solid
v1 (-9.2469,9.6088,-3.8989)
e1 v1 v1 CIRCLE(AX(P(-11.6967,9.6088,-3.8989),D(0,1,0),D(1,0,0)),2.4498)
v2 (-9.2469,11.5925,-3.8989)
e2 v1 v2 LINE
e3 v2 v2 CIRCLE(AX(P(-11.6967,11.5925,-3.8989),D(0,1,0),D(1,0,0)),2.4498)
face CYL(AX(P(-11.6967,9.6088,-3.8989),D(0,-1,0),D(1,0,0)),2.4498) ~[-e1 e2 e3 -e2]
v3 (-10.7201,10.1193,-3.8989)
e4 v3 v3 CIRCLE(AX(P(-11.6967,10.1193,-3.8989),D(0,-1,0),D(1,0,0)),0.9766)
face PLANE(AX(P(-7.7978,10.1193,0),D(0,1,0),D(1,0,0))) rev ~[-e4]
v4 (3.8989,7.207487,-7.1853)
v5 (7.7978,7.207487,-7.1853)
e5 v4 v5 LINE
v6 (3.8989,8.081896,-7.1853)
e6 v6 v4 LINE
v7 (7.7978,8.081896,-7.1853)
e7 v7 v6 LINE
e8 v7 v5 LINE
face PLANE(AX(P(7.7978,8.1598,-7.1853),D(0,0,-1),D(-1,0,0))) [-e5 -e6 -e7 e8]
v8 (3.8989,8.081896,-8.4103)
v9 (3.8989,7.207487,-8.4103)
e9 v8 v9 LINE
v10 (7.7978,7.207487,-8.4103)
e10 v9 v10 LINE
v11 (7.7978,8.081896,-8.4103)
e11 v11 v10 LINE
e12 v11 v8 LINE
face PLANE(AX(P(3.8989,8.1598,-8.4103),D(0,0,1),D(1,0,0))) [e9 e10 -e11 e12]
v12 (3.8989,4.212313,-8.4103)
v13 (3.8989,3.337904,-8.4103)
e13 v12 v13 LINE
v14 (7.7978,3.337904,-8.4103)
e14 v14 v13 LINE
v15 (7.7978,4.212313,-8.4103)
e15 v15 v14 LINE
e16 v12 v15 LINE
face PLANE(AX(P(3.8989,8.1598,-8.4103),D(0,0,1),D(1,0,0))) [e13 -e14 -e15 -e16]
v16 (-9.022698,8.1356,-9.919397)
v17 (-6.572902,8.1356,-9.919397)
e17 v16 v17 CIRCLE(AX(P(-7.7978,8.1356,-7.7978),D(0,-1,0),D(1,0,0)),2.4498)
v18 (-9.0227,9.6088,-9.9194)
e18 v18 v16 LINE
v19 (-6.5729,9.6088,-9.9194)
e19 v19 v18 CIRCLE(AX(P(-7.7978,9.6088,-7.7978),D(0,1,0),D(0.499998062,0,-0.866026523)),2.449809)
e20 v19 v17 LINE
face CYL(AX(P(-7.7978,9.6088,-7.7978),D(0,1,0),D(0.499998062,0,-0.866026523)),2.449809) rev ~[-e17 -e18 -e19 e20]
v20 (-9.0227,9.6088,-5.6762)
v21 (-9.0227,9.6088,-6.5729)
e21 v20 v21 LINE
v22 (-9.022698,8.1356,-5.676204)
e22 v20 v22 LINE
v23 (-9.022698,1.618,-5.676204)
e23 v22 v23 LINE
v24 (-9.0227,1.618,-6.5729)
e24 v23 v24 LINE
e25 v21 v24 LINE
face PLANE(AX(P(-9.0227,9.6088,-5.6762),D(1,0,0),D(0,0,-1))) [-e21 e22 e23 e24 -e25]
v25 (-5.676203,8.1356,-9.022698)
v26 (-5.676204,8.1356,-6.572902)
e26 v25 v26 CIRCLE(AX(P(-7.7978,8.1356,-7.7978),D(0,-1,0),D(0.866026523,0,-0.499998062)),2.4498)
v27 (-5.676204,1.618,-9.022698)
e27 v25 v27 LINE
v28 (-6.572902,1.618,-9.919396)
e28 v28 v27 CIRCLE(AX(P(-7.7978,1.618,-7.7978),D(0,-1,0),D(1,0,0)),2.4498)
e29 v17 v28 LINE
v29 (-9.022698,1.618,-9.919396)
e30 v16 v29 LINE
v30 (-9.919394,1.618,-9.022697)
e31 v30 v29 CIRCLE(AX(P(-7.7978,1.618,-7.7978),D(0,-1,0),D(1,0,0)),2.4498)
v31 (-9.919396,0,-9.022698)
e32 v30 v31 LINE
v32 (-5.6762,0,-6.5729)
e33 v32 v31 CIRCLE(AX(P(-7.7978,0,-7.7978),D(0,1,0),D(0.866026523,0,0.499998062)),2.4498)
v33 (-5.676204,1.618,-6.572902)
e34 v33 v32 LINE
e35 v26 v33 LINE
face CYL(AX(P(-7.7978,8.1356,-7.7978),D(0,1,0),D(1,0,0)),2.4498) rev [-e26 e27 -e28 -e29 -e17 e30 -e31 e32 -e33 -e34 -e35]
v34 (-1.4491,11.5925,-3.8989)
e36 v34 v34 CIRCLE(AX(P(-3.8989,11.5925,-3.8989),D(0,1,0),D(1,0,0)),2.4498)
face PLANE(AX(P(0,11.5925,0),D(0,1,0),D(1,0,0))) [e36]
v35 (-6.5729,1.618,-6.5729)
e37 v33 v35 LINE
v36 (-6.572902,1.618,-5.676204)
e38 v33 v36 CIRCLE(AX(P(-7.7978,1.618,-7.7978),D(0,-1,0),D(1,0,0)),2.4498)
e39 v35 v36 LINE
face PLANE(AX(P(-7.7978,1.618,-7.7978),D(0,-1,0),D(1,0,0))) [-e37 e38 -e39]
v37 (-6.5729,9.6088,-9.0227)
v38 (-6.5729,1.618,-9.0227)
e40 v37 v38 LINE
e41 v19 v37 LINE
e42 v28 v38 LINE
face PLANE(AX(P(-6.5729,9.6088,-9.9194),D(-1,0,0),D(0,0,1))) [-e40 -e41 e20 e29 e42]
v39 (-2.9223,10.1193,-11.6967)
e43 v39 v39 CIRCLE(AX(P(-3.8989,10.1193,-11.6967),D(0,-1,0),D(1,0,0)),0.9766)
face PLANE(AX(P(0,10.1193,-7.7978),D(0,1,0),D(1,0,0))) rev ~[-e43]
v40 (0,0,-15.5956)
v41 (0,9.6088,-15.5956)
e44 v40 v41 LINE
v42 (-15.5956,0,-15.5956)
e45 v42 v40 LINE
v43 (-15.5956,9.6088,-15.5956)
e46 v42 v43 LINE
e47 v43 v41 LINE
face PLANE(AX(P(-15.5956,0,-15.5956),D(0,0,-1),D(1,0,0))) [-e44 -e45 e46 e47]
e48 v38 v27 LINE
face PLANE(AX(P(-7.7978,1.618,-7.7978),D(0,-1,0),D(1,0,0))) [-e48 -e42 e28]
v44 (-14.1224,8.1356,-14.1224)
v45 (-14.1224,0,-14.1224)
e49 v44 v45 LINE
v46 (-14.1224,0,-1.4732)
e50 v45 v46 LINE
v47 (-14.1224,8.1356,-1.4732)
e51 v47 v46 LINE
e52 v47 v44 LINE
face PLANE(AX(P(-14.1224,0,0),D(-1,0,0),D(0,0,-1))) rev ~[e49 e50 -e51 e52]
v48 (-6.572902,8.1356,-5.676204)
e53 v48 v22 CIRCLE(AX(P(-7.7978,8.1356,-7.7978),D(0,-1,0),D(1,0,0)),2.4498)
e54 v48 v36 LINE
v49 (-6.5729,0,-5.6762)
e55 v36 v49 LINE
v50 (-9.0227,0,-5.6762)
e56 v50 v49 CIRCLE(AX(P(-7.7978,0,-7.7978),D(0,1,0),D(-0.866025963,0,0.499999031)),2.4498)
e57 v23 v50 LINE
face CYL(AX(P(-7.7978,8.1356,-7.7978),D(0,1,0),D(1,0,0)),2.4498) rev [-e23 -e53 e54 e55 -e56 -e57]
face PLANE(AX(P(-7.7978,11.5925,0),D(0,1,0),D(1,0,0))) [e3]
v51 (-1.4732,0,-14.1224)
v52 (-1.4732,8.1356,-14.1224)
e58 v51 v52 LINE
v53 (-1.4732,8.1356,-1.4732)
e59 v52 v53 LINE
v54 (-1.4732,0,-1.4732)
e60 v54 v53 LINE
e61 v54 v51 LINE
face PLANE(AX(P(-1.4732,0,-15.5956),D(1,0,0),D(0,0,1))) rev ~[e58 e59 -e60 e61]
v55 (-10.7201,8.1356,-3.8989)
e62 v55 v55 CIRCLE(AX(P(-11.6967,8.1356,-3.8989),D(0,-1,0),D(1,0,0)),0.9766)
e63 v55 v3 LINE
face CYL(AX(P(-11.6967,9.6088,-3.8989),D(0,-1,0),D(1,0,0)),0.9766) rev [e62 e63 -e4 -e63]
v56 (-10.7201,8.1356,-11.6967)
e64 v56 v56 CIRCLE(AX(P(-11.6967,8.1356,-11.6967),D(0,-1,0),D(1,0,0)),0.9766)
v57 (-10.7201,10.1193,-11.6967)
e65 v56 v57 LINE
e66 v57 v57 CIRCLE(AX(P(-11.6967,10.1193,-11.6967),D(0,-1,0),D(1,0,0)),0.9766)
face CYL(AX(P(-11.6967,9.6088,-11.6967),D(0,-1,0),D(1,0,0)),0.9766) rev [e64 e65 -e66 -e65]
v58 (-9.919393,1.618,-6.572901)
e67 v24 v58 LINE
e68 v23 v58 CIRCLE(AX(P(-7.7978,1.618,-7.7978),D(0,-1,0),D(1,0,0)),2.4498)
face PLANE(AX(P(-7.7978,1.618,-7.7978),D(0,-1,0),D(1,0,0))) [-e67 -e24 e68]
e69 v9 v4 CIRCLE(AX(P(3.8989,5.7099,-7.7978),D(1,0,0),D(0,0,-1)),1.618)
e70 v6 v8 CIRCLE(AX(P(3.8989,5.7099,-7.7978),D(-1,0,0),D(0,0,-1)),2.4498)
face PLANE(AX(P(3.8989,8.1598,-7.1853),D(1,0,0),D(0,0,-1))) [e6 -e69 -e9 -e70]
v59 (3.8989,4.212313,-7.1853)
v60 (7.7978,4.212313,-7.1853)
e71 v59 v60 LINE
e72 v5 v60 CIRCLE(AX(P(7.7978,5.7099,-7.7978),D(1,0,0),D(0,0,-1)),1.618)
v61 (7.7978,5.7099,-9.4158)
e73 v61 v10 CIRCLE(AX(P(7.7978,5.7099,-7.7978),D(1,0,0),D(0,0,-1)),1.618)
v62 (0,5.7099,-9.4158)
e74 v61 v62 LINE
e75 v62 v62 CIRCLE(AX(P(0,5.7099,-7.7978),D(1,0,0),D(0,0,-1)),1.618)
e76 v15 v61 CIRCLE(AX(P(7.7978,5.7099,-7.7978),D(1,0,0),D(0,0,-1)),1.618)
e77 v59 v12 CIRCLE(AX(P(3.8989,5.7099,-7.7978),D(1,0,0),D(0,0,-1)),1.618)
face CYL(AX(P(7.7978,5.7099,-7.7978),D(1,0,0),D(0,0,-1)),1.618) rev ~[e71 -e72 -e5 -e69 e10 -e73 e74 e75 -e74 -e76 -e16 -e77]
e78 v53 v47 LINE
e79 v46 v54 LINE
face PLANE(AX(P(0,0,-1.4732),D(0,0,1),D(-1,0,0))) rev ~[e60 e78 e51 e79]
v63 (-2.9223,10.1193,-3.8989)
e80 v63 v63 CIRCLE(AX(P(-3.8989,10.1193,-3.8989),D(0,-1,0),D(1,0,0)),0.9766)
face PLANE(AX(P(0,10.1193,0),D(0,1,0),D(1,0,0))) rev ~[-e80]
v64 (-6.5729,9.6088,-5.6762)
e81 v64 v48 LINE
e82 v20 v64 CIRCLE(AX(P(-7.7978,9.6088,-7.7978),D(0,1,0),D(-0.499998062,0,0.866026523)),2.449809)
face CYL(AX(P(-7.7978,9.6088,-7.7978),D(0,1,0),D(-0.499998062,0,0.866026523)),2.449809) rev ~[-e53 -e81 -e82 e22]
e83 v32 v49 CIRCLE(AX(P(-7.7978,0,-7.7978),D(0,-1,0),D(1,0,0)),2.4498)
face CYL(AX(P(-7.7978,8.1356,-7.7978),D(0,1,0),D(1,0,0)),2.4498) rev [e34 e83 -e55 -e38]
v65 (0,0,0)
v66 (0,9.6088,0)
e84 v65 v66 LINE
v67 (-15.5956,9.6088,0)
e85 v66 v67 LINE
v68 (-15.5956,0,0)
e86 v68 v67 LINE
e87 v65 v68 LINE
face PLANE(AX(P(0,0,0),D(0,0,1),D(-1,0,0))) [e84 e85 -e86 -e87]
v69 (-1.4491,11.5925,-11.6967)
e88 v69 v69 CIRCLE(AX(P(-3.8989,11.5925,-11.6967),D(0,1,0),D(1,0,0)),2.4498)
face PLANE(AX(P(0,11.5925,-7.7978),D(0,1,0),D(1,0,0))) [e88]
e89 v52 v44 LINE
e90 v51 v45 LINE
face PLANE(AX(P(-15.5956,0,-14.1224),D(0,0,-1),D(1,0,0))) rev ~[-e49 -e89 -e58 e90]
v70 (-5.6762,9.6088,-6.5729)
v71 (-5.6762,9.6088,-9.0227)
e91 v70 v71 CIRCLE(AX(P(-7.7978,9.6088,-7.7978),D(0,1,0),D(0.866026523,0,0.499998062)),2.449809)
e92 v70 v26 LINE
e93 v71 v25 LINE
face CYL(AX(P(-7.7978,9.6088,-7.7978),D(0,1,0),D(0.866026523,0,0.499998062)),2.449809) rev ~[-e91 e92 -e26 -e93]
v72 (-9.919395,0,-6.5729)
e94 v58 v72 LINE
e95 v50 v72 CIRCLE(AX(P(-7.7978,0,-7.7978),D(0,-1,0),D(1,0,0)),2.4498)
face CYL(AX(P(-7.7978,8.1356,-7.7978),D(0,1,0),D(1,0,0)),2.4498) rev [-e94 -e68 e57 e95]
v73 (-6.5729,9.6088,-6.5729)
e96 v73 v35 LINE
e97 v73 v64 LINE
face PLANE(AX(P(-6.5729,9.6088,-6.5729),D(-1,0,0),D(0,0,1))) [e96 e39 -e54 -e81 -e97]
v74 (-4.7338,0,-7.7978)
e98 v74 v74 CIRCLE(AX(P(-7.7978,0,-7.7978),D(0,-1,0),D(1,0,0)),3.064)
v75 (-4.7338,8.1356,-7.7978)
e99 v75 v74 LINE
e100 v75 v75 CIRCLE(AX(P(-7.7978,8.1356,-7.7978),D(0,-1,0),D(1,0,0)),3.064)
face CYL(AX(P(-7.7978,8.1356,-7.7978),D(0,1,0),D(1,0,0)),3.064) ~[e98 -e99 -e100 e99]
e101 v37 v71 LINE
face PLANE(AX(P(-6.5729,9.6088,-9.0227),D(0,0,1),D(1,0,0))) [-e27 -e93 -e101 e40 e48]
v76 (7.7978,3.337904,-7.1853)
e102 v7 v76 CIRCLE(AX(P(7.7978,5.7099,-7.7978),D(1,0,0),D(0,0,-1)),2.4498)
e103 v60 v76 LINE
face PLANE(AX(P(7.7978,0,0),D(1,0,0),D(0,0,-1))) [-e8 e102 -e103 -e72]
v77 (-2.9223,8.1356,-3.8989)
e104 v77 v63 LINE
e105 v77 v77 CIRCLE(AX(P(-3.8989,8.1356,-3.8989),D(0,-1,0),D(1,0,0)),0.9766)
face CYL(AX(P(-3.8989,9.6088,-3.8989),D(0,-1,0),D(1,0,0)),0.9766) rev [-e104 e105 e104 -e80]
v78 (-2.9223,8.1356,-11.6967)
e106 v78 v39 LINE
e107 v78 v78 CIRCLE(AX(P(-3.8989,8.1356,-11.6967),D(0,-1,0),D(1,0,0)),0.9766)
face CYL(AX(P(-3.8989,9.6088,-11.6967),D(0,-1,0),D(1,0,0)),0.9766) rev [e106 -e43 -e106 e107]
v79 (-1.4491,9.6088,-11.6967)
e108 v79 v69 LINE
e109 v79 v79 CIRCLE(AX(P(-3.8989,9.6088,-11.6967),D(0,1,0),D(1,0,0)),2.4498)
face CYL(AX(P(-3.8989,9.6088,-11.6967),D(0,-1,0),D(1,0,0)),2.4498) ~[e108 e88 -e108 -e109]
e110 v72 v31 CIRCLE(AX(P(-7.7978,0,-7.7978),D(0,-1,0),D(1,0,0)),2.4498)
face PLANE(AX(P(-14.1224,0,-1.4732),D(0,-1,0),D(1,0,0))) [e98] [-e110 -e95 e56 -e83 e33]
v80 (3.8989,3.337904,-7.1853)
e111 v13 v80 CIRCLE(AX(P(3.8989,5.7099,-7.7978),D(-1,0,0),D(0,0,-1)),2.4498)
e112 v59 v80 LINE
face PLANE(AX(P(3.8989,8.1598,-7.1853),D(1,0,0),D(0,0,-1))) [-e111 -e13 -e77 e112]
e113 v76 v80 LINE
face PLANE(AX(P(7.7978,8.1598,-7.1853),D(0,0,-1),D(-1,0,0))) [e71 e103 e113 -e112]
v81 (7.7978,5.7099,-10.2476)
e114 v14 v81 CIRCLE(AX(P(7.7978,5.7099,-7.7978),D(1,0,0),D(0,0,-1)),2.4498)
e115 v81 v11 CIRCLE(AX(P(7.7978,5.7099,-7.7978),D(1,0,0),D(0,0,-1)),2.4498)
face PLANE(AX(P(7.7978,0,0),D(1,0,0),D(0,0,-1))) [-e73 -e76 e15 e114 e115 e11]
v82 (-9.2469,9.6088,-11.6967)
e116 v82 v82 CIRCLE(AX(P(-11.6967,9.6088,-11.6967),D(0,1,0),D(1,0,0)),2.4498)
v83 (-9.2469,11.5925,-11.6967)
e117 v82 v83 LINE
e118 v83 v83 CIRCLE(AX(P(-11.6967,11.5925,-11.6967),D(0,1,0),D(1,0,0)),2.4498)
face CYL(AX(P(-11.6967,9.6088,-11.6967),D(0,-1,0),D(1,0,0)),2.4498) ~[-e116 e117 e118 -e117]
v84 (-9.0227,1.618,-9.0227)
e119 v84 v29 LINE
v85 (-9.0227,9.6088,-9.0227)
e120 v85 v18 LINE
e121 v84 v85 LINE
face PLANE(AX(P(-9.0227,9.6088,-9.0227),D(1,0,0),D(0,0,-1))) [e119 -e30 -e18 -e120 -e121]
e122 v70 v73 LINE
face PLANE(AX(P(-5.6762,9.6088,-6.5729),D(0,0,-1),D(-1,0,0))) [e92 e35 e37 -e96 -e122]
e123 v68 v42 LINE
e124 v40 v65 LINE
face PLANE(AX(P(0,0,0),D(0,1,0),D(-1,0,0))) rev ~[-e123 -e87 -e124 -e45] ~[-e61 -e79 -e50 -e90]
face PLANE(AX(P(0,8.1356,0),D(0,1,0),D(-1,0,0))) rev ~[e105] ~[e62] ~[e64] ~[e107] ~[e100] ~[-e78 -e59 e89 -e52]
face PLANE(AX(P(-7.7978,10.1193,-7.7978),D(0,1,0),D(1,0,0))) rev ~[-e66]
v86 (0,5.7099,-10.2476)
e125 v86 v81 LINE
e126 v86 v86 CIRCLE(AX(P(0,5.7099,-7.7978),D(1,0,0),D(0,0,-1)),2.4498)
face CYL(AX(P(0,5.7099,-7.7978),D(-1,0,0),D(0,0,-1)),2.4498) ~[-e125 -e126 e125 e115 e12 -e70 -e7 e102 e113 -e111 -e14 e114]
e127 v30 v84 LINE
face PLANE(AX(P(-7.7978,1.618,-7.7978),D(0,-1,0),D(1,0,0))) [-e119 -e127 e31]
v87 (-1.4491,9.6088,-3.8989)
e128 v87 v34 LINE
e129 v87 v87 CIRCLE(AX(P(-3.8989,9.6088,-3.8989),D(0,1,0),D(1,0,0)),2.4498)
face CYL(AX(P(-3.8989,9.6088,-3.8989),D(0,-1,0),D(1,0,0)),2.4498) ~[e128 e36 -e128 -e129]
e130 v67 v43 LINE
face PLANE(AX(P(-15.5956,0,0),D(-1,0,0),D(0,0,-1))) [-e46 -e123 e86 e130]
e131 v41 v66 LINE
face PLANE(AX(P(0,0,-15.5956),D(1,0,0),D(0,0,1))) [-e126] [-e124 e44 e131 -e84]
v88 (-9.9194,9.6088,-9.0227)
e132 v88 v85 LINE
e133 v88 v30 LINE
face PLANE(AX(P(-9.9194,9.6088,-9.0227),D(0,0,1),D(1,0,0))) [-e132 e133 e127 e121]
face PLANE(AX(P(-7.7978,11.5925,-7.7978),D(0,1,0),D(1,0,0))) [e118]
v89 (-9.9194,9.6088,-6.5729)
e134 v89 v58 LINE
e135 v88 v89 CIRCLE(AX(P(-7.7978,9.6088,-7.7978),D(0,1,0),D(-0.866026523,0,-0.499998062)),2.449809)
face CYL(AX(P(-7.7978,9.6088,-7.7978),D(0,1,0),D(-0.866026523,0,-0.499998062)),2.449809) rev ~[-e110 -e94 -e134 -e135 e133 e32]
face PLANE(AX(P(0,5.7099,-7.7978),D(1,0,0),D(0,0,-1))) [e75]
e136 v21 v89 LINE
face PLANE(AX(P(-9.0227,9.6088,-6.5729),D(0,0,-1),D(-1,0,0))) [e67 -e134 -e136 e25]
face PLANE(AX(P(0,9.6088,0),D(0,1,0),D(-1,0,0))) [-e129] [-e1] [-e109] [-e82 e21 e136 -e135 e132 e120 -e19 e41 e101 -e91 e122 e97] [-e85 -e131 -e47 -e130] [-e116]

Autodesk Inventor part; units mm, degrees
ref_plane "YZ Plane" through (0, 0, 0) normal (1, 0, 0) x (0, 1, 0)
ref_plane "XZ Plane" through (0, 0, 0) normal (0, 1, 0) x (-1, 0, 0)
sketch "Sketch1" plane through (0, 0, 0) normal (0, 1, 0) x (-1, 0, 0)
  line L0 (0, 0) -> (15.5956, 0)
  line L1 (15.5956, 0) -> (15.5956, -15.5956)
  line L2 (15.5956, -15.5956) -> (0, -15.5956)
  line L3 (0, -15.5956) -> (0, 0)
  dimension "d0" = 15.5956
  dimension "d8" = 15.5956
extrude "Extrusion1" add sketch "Sketch1" along normal blind 9.6088
sketch "Sketch2" plane through (0, 9.6088, 0) normal (0, 1, 0) x (1, 0, 0)
  line L0 (0, 0) -> (-3.8989, 0) construction
  line L1 (-3.8989, 0) -> (-3.8989, 3.8989) construction
  line L2 (-3.8989, 3.8989) -> (0, 3.8989) construction
  line L3 (0, 3.8989) -> (0, 0) construction
  circle A0 centre (-3.8989, 3.8989) radius 2.4498
  dimension "d11" = 3.8989
  dimension "d12" = 3.8989
  dimension "d13" = 4.8997
extrude "Extrusion2" add sketch "Sketch2" along normal blind 1.9837
pattern_linear "Rectangular Pattern1" count 2 spacing 7.7978 along (0, 0, -1) count 2 spacing 7.7978 along (-1, 0, 0) of "Extrusion2"
shell "Shell1" thickness 1.4732 removed faces 1 at (-5.1985, 0, -5.1985)
sketch "Sketch3" plane through (-14.1224, 8.1356, -1.4732) normal (0, -1, 0) x (1, 0, 0)
  circle A0 centre (2.4257, -2.4257) radius 2.4498 construction
  circle A1 centre (10.2235, -10.2235) radius 2.4498 construction
  line L0 (2.4257, -2.4257) -> (10.2235, -10.2235) construction
  circle A2 centre (6.3246, -6.3246) radius 3.064
  circle A3 centre (6.3246, -6.3246) radius 2.4498
  point P0 (14.1224, 1.4732)
  dimension "d23" = 4.8997
extrude "Extrusion3" add sketch "Sketch3" along normal up to surface (8.1356 mm away)
sketch "Sketch4" plane through (0, 9.6088, 0) normal (0, 1, 0) x (1, 0, 0)
  circle A0 centre (-7.7978, 7.7978) radius 2.4498 construction
  circle A1 centre (-7.7978, 7.7978) radius 2.4498 construction
  line L0 (-9.0227, 5.6762) -> (-6.5729, 5.6762) construction
  line L1 (-6.5729, 5.6762) -> (-6.5729, 9.9194) construction
  line L2 (-6.5729, 9.9194) -> (-9.0227, 9.9194) construction
  line L3 (-9.0227, 9.9194) -> (-9.0227, 5.6762) construction
  line L4 (-9.0227, 5.6762) -> (-6.5729, 9.9194) construction
  line L5 (-6.5729, 5.6762) -> (-9.0227, 9.9194) construction
  line L6 (-9.9194, 9.0227) -> (-5.6762, 9.0227) construction
  line L7 (-5.6762, 9.0227) -> (-5.6762, 6.5729) construction
  line L8 (-5.6762, 6.5729) -> (-9.9194, 6.5729) construction
  line L9 (-9.9194, 6.5729) -> (-9.9194, 9.0227) construction
  line L10 (-9.9194, 9.0227) -> (-5.6762, 6.5729) construction
  line L11 (-5.6762, 9.0227) -> (-9.9194, 6.5729) construction
  line L12 (-9.0227, 9.0227) -> (-9.0227, 9.9194)
  line L13 (-6.5729, 9.9194) -> (-6.5729, 9.0227)
  line L14 (-6.5729, 9.0227) -> (-5.6762, 9.0227)
  line L15 (-5.6762, 6.5729) -> (-6.5729, 6.5729)
  line L16 (-6.5729, 6.5729) -> (-6.5729, 5.6762)
  line L17 (-9.0227, 5.6762) -> (-9.0227, 6.5729)
  line L18 (-9.0227, 6.5729) -> (-9.9194, 6.5729)
  line L19 (-9.9194, 9.0227) -> (-9.0227, 9.0227)
  arc A2 (-9.9194, 9.0227) -> (-9.9194, 6.5729) centre (-7.7978, 7.7978) ccw
  arc A3 (-6.5729, 9.9194) -> (-9.0227, 9.9194) centre (-7.7978, 7.7978) ccw
  arc A4 (-5.6762, 6.5729) -> (-5.6762, 9.0227) centre (-7.7978, 7.7978) ccw
  arc A5 (-9.0227, 5.6762) -> (-6.5729, 5.6762) centre (-7.7978, 7.7978) ccw
  point P0 (0, 0)
  dimension "d26" = 2.4498
  dimension "d27" = 2.4498
extrude "Extrusion4" cut sketch "Sketch4" against normal through all
sketch "Sketch5" plane through (0, 0, 0) normal (1, 0, 0) x (0, 0, -1)
  line L0 (0, 9.6088) -> (7.7978, 9.6088) construction
  line L1 (7.7978, 9.6088) -> (7.7978, 5.7099) construction
  line L2 (7.7978, 5.7099) -> (0, 5.7099) construction
  line L3 (0, 5.7099) -> (0, 9.6088) construction
  circle A0 centre (7.7978, 5.7099) radius 2.4498
  point P0 (0, 0)
  dimension "d30" = 7.7978
  dimension "d31" = 3.8989
  dimension "d32" = 4.8997
extrude "Extrusion5" add sketch "Sketch5" along normal blind 7.7978
sketch "Sketch6" plane through (7.7978, 5.7099, -7.7978) normal (1, 0, 0) x (0, 0, -1)
  circle A0 centre (0, 0) radius 2.4498 construction
  circle A1 centre (0, 0) radius 1.618
  point P0 (-7.7978, -5.7099)
  dimension "d35" = 3.236
extrude "Extrusion6" cut sketch "Sketch6" against normal blind 7.7978
sketch "Sketch7" plane through (-6.5729, 8.1356, -9.0227) normal (0, -1, 0) x (1, 0, 0)
  line L0 (-2.4498, 2.4498) -> (-2.4498, 3.3465) construction
  arc A0 (-2.4498, 3.3465) -> (-3.3465, 2.4498) centre (-1.2249, 1.2249) ccw construction
  line L1 (-3.3465, 2.4498) -> (-2.4498, 2.4498) construction
  line L2 (0, 2.4498) -> (0.8967, 2.4498) construction
  arc A1 (0.8967, 2.4498) -> (0, 3.3465) centre (-1.2249, 1.2249) ccw construction
  line L3 (0, 3.3465) -> (0, 2.4498) construction
  line L4 (0.8967, 0) -> (0, 0) construction
  line L5 (0, 0) -> (0, -0.8967) construction
  arc A2 (0, -0.8967) -> (0.8967, 0) centre (-1.2249, 1.2249) ccw construction
  line L6 (-2.4498, -0.8967) -> (-2.4498, 0) construction
  line L7 (-2.4498, 0) -> (-3.3465, 0) construction
  arc A3 (-3.3465, 0) -> (-2.4498, -0.8967) centre (-1.2249, 1.2249) ccw construction
  arc A4 (-2.4498, 3.3465) -> (-3.3465, 2.4498) centre (-1.2249, 1.2249) ccw
  arc A5 (0.8967, 0) -> (0.8967, 2.4498) centre (-1.2249, 1.2249) ccw projected
  arc A6 (0.8967, 2.4498) -> (0, 3.3465) centre (-1.2249, 1.2249) ccw
  arc A7 (-2.4498, -0.8967) -> (0, -0.8967) centre (-1.2249, 1.2249) ccw projected
  arc A8 (0, -0.8967) -> (0.8967, 0) centre (-1.2249, 1.2249) ccw
  arc A9 (-3.3465, 0) -> (-2.4498, -0.8967) centre (-1.2249, 1.2249) ccw
  line L8 (-2.4498, 3.3465) -> (-2.4498, 2.4498)
  line L9 (-2.4498, 2.4498) -> (-3.3465, 2.4498) projected
  line L10 (-2.4498, 2.4498) -> (-3.3465, 2.4498)
  line L11 (0, 2.4498) -> (0, 3.3465) projected
  line L12 (0, 3.3465) -> (0, 2.4498)
  line L13 (0, 2.4498) -> (0.8967, 2.4498)
  line L14 (0, 0) -> (0.8967, 0) projected
  line L15 (0.8967, 0) -> (0, 0)
  line L16 (0, 0) -> (0, -0.8967)
  line L17 (-2.4498, 0) -> (-2.4498, -0.8967) projected
  line L18 (-2.4498, -0.8967) -> (-2.4498, 0)
  arc A10 (-3.3465, 2.4498) -> (-3.3465, 0) centre (-1.2249, 1.2249) ccw projected
  line L19 (-2.4498, 0) -> (-3.3465, 0)
  point P0 (6.5729, 9.0227)
extrude "Extrusion7" add sketch "Sketch7" along normal up to surface (8.1356 mm away)
sketch "Sketch8" plane through (-7.7978, 0, -7.7978) normal (0, -1, 0) x (1, 0, 0)
  arc A0 (2.1216, -1.2249) -> (2.1216, 1.2249) centre (0, 0) ccw construction
  line L0 (2.1216, -1.2249) -> (1.2249, -1.2249) construction
  line L1 (1.2249, -1.2249) -> (1.2249, -2.1216) construction
  arc A1 (-1.2249, -2.1216) -> (1.2249, -2.1216) centre (0, 0) ccw construction
  line L2 (-1.2249, -2.1216) -> (-1.2249, -1.2249) construction
  line L3 (-1.2249, -1.2249) -> (-2.1216, -1.2249) construction
  arc A2 (-2.1216, 1.2249) -> (-2.1216, -1.2249) centre (0, 0) ccw construction
  line L4 (-2.1216, 1.2249) -> (-1.2249, 1.2249) construction
  line L5 (-1.2249, 1.2249) -> (-1.2249, 2.1216) construction
  arc A3 (1.2249, 2.1216) -> (-1.2249, 2.1216) centre (0, 0) ccw construction
  line L6 (1.2249, 2.1216) -> (1.2249, 1.2249) construction
  line L7 (1.2249, 1.2249) -> (2.1216, 1.2249) construction
  circle A4 centre (0, 0) radius 3.064 construction
  circle A5 centre (0, 0) radius 2.4498
  point P0 (7.7978, 7.7978)
extrude "Extrusion8" cut sketch "Sketch8" against normal blind 1.618
ref_plane "Work Plane1" through (0, 8.1598, -7.7978) normal (0, 1, 0) x (-1, 0, 0)
sketch "Sketch9" plane through (0, 8.1598, -7.7978) normal (0, 1, 0) x (-1, 0, 0)
  line L0 (-7.7978, 2.4498) -> (-7.7978, -2.4498) construction
  line L1 (-7.7978, 0) -> (-7.7978, 0.6125) construction
  line L2 (-7.7978, 0) -> (-7.1853, 0) construction
  line L3 (-7.7978, 0.6125) -> (-3.8989, 0.6125)
  line L4 (-3.8989, 0.6125) -> (-3.8989, -0.6125)
  line L5 (-3.8989, -0.6125) -> (-7.7978, -0.6125)
  line L6 (-7.7978, -0.6125) -> (-7.7978, 0.6125)
  point P0 (0, 7.7978)
  dimension "d42" = 0.6125
  dimension "d43" = 90
  dimension "d44" = 3.8989
  dimension "d45" = 1.2249
extrude "Extrusion9" cut sketch "Sketch9" against normal through all
equation "\"d0\" = 2 * d1"
equation "\"d8\" = 2 * d1"
equation "\"d9\" = d3"
equation "\"d11\" = 0.5 * d1"
equation "\"d12\" = 0.5 * d1"
equation "\"d13\" = d4"
equation "\"d14\" = d5"
equation "\"d18\" = d1"
equation "\"d21\" = d1"
equation "\"d22\" = d6"
equation "\"d23\" = d4"
equation "\"d24\" = d5"
equation "\"d26\" = 0.5 * d4"
equation "\"d27\" = 0.5 * d4"
equation "\"d28\" = d5"
equation "\"d30\" = d1"
equation "\"d31\" = 0.5 * d1"
equation "\"d32\" = d4"
equation "\"d33\" = d1"
equation "\"d35\" = d2"
equation "\"d36\" = d1"
equation "\"d40\" = 0.5 * d2"
equation "\"d42\" = 0.125 * d4"
equation "\"d44\" = 0.5 * d1"
equation "\"d45\" = 0.25 * d4"
equation "\"d46\" = 0.5 * d2"
equation "\"d1\" = 7.7978"
equation "\"d2\" = 3.23596"
equation "\"d3\" = 9.60882"
equation "\"d4\" = 4.89966"
equation "\"d5\" = 1.98374"
equation "\"d6\" = 1.4732"
equation "\"d7\" = 1.23952"
properties part number "2x2 tall things sticking out" material "ABS Plastic"
